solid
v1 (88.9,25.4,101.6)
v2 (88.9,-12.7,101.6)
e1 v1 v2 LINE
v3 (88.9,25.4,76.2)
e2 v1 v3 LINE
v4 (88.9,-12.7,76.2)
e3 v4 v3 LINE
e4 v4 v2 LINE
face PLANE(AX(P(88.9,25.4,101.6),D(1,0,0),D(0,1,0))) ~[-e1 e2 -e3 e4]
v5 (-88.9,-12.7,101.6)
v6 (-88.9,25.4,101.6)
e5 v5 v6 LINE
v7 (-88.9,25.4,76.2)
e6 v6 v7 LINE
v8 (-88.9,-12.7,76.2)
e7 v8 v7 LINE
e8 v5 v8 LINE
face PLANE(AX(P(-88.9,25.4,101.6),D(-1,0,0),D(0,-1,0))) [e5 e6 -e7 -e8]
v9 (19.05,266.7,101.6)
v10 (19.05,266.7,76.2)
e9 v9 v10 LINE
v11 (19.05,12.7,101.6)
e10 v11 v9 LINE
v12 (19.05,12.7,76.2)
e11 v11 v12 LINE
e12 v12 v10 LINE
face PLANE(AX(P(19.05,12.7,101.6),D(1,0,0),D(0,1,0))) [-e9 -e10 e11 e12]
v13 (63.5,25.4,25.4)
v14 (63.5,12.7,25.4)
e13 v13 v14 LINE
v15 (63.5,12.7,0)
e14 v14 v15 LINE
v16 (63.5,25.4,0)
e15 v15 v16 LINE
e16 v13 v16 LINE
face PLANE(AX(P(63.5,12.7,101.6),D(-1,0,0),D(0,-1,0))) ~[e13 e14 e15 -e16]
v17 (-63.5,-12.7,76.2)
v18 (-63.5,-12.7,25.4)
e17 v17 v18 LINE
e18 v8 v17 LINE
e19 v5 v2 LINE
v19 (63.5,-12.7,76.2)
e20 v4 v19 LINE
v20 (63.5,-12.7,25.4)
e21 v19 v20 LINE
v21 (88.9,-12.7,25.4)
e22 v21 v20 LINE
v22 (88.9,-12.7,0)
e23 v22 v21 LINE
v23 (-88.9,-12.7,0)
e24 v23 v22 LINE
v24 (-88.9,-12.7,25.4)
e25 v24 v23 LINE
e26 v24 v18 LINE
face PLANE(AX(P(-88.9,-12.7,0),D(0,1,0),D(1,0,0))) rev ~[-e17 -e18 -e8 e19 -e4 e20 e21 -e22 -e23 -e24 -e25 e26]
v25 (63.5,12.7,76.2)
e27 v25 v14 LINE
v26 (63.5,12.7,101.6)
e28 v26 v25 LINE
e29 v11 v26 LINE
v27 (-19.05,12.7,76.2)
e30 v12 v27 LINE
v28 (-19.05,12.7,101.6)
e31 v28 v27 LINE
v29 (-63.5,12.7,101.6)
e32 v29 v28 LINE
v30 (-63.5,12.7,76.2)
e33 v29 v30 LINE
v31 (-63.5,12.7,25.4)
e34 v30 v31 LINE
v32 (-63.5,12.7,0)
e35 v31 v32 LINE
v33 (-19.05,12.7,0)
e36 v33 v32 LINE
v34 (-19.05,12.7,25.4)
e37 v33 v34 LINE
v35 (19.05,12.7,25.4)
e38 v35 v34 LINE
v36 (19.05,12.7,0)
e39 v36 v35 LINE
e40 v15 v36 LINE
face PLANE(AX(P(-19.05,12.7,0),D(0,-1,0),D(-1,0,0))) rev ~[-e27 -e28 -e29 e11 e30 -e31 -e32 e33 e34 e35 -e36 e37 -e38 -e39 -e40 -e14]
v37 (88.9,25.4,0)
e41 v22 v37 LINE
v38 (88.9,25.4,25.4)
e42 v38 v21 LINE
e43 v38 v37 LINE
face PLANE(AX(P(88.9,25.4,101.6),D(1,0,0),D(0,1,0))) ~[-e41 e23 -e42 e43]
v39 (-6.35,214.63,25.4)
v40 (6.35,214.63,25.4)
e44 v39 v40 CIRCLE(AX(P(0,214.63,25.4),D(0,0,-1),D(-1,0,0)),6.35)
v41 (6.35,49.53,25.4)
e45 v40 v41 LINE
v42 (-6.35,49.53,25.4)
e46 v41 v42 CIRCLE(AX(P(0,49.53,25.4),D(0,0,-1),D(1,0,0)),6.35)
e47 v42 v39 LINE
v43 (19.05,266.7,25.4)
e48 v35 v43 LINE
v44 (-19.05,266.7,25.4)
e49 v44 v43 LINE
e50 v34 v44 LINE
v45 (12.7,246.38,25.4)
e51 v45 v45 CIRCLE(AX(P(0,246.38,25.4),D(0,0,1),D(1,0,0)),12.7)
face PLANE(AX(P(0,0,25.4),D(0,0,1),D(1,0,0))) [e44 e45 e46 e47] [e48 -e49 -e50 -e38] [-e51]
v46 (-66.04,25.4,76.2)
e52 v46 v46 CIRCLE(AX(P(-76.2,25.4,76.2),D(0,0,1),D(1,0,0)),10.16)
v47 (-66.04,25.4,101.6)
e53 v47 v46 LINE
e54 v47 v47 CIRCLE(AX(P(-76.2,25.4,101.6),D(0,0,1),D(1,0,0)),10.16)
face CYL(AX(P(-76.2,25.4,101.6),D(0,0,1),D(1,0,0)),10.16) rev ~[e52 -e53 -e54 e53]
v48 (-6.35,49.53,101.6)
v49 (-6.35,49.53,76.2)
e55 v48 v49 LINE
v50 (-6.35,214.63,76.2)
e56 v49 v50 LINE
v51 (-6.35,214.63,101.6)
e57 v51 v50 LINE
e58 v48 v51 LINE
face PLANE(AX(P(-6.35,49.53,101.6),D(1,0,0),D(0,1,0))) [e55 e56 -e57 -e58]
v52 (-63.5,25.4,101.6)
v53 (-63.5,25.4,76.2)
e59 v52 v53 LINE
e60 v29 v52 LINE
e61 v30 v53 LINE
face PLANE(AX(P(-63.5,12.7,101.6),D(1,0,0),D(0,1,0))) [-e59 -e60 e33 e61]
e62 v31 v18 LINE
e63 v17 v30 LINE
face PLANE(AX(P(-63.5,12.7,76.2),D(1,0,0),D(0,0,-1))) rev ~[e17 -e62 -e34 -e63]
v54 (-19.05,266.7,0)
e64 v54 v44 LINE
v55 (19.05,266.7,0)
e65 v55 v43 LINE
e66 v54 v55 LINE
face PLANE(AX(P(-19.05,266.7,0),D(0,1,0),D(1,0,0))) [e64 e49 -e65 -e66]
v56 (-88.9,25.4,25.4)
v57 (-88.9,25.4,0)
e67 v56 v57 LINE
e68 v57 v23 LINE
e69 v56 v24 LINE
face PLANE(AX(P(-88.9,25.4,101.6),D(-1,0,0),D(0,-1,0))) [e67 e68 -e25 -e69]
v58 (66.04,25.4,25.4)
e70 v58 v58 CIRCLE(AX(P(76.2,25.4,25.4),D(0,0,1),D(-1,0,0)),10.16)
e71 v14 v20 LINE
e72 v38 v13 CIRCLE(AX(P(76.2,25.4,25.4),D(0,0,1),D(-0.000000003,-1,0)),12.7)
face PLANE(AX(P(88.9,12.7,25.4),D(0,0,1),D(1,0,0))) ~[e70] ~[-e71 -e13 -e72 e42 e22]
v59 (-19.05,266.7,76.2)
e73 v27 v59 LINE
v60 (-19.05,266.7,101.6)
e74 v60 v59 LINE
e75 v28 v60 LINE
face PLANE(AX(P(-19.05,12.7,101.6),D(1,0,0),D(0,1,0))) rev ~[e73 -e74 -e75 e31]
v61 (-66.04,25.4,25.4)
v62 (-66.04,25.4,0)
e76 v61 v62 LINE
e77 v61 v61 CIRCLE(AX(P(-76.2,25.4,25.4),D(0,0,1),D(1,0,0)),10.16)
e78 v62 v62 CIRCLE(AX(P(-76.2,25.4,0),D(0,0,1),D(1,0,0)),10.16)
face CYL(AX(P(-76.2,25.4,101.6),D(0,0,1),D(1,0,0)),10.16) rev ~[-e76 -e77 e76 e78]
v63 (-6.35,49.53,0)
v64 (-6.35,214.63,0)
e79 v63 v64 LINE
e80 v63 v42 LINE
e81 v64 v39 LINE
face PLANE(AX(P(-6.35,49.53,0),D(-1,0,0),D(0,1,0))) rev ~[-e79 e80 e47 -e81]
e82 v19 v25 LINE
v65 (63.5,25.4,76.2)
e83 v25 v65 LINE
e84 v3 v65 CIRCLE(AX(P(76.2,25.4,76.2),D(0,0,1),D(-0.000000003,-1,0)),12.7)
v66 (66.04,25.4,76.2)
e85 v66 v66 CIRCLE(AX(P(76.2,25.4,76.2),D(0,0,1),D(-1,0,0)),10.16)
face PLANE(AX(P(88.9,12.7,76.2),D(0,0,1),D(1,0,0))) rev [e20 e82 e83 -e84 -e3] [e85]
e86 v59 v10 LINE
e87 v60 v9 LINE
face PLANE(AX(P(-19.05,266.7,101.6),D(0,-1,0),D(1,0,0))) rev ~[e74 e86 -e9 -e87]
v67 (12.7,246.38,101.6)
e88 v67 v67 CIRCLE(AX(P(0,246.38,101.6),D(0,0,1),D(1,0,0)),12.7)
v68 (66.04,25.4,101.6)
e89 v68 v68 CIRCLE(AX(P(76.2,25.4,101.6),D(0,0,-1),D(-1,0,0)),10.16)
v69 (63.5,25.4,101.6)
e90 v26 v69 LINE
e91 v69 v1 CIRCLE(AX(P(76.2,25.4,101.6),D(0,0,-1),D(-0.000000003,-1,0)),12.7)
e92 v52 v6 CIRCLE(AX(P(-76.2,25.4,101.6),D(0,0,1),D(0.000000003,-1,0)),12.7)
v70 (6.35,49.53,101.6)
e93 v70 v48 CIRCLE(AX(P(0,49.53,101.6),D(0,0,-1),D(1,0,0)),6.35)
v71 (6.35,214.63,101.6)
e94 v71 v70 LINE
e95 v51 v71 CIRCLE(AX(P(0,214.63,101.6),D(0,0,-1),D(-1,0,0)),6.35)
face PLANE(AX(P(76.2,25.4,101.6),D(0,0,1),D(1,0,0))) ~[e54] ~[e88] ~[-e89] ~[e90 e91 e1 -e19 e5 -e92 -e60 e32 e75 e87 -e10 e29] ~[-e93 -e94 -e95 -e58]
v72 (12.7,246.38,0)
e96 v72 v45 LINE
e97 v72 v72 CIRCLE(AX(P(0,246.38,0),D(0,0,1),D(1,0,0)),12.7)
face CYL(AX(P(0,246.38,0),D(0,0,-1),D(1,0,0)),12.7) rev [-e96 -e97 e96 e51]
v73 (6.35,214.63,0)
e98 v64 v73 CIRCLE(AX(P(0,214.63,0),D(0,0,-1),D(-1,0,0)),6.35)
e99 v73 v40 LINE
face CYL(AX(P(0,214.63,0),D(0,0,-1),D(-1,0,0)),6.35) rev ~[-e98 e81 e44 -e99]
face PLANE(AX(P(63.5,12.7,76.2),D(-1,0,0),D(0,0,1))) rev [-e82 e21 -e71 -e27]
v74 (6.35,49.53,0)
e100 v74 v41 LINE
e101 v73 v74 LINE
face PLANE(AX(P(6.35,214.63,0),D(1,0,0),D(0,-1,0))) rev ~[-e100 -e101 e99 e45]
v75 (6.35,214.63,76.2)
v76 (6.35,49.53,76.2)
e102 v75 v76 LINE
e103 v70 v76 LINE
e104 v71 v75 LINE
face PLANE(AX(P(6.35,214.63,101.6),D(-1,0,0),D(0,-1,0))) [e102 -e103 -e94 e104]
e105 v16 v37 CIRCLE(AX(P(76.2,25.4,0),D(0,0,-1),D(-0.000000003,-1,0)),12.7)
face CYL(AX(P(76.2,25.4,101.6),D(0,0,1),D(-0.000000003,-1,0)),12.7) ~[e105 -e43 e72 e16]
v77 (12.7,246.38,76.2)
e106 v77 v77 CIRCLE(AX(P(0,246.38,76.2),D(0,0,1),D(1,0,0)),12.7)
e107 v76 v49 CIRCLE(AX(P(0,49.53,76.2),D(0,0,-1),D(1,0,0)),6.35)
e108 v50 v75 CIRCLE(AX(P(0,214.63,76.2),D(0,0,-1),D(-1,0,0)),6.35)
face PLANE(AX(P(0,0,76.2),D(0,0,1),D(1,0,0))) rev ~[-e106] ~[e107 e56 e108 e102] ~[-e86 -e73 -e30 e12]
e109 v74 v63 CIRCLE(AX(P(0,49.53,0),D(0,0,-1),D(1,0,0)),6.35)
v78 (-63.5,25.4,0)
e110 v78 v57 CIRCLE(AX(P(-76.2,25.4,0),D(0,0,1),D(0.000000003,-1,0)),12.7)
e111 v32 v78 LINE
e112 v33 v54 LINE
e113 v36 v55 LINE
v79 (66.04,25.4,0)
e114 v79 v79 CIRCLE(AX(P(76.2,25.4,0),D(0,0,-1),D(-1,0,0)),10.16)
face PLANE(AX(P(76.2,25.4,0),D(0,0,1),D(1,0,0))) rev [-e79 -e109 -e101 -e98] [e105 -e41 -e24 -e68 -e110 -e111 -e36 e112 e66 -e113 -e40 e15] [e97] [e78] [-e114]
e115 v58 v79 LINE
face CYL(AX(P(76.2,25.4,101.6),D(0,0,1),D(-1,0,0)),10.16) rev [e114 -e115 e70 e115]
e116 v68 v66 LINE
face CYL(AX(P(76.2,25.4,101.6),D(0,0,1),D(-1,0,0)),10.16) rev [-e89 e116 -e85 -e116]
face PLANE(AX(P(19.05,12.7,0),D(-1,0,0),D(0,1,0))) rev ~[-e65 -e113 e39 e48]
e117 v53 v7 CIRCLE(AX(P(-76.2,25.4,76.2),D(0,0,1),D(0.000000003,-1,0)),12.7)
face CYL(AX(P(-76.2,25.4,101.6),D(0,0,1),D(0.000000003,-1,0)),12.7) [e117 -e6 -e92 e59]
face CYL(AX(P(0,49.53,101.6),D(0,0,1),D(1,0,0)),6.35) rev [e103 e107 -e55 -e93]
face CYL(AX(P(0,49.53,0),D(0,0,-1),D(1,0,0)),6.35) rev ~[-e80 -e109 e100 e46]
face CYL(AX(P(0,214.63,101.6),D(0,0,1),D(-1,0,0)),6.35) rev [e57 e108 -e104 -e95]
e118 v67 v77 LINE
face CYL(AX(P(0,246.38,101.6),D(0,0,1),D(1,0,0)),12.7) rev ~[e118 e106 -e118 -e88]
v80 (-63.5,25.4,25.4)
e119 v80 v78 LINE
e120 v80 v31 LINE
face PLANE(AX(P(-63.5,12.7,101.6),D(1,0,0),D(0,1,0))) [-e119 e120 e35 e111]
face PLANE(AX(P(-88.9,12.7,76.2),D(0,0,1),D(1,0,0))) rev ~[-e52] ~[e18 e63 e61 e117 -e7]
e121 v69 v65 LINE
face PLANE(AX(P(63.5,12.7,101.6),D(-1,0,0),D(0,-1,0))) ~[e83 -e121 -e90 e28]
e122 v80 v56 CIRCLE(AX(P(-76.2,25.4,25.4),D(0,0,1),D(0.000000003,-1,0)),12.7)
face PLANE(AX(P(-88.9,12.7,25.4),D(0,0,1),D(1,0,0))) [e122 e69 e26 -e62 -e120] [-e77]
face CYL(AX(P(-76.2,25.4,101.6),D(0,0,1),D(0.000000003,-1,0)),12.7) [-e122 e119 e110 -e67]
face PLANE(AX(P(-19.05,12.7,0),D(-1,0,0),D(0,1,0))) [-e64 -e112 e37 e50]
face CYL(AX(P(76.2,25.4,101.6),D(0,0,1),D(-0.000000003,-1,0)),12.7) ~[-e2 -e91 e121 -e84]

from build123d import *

# Parameters (mm, degrees)
SKETCH1_W           = 38.1
SKETCH1_H           = 254
SKETCH1_R           = 12.7
BOSS_EXTRUDE1_DEPTH = 25.4
SKETCH1_4_W         = 177.8
SKETCH1_4_H         = 25.4
BOSS_EXTRUDE2_DEPTH = 101.6
BOSS_EXTRUDE3_START = 101.6
SKETCH1_5_W         = 38.1
SKETCH1_5_H         = 254
SKETCH1_5_R         = 12.7
BOSS_EXTRUDE3_DEPTH = 25.4
SKETCH2_R           = 12.7
SKETCH2_R_2         = 10.16
BOSS_EXTRUDE4_DEPTH = 101.6
SKETCH3_W           = 25.4
SKETCH3_H           = 50.8
CUT_EXTRUDE1_DEPTH  = 288.648691984


with BuildPart() as part:
    # Sketch1 → Boss-Extrude1 (new body)
    with BuildSketch(Plane.XY):
        Polygon((-88.9, -12.7), (88.9, -12.7), (88.9, 12.7), (19.05, 12.7), (-19.05, 12.7), (-88.9, 12.7), align=None)
        with Locations((0, 139.7)):
            Rectangle(SKETCH1_W, SKETCH1_H)
        with BuildLine():
            ThreePointArc((6.35, 49.53), (0, 43.18), (-6.35, 49.53))
            Line((-6.35, 49.53), (-6.35, 214.63))
            ThreePointArc((-6.35, 214.63), (0, 220.98), (6.35, 214.63))
            Line((6.35, 214.63), (6.35, 49.53))
        make_face(mode=Mode.SUBTRACT)
        with Locations((0, 246.38)):
            Circle(SKETCH1_R, mode=Mode.SUBTRACT)
    extrude(amount=BOSS_EXTRUDE1_DEPTH)

    # Sketch1<4> → Boss-Extrude2 (add)
    with BuildSketch(Plane.XY):
        Rectangle(SKETCH1_4_W, SKETCH1_4_H)
    extrude(amount=BOSS_EXTRUDE2_DEPTH)

    # Sketch1<5> → Boss-Extrude3 (add)
    with BuildSketch(Plane.XY.offset(BOSS_EXTRUDE3_START)):
        Polygon((-88.9, -12.7), (88.9, -12.7), (88.9, 12.7), (19.05, 12.7), (-19.05, 12.7), (-88.9, 12.7), align=None)
        with Locations((0, 139.7)):
            Rectangle(SKETCH1_5_W, SKETCH1_5_H)
        with BuildLine():
            ThreePointArc((6.35, 49.53), (0, 43.18), (-6.35, 49.53))
            Line((-6.35, 49.53), (-6.35, 214.63))
            ThreePointArc((-6.35, 214.63), (0, 220.98), (6.35, 214.63))
            Line((6.35, 214.63), (6.35, 49.53))
        make_face(mode=Mode.SUBTRACT)
        with Locations((0, 246.38)):
            Circle(SKETCH1_5_R, mode=Mode.SUBTRACT)
    extrude(amount=-BOSS_EXTRUDE3_DEPTH)

    # Sketch2 → Boss-Extrude4 (add, through all)
    with BuildSketch(Plane.XY.offset(101.6)):
        with Locations((-76.2, 25.4)):
            Circle(SKETCH2_R)
        with Locations((-76.2, 25.4)):
            Circle(SKETCH2_R_2, mode=Mode.SUBTRACT)
        with BuildLine():
            ThreePointArc((-76.199999961, 12.7), (-85.180256107, 16.419743865), (-88.9, 25.4))
            Line((-88.9, 25.4), (-88.9, 12.7))
            Line((-88.9, 12.7), (-76.199999961, 12.7))
        make_face()
        with BuildLine():
            Line((-63.5, 12.7), (-63.5, 25.4))
            ThreePointArc((-63.5, 25.4), (-67.219743865, 16.419743893), (-76.199999961, 12.7))
            Line((-76.199999961, 12.7), (-63.5, 12.7))
        make_face()
    boss_extrude4 = extrude(amount=-BOSS_EXTRUDE4_DEPTH)

    # Sketch3 → Cut-Extrude1 (cut, symmetric)
    with BuildSketch(Plane(origin=(0, 12.7, 0), x_dir=(1, 0, 0), z_dir=(0, 1, 0))):
        with Locations((-76.2, -50.8)):
            Rectangle(SKETCH3_W, SKETCH3_H)
    cut_extrude1 = extrude(amount=CUT_EXTRUDE1_DEPTH, both=True, mode=Mode.SUBTRACT)

    # Mirror1: Boss-Extrude4, Cut-Extrude1 across plane
    add(boss_extrude4.mirror(Plane(origin=(0, 0, 0), x_dir=(0, 0, 1), z_dir=(1, 0, 0))))
    add(cut_extrude1.mirror(Plane(origin=(0, 0, 0), x_dir=(0, 0, 1), z_dir=(1, 0, 0))), mode=Mode.SUBTRACT)


solid = part.part
